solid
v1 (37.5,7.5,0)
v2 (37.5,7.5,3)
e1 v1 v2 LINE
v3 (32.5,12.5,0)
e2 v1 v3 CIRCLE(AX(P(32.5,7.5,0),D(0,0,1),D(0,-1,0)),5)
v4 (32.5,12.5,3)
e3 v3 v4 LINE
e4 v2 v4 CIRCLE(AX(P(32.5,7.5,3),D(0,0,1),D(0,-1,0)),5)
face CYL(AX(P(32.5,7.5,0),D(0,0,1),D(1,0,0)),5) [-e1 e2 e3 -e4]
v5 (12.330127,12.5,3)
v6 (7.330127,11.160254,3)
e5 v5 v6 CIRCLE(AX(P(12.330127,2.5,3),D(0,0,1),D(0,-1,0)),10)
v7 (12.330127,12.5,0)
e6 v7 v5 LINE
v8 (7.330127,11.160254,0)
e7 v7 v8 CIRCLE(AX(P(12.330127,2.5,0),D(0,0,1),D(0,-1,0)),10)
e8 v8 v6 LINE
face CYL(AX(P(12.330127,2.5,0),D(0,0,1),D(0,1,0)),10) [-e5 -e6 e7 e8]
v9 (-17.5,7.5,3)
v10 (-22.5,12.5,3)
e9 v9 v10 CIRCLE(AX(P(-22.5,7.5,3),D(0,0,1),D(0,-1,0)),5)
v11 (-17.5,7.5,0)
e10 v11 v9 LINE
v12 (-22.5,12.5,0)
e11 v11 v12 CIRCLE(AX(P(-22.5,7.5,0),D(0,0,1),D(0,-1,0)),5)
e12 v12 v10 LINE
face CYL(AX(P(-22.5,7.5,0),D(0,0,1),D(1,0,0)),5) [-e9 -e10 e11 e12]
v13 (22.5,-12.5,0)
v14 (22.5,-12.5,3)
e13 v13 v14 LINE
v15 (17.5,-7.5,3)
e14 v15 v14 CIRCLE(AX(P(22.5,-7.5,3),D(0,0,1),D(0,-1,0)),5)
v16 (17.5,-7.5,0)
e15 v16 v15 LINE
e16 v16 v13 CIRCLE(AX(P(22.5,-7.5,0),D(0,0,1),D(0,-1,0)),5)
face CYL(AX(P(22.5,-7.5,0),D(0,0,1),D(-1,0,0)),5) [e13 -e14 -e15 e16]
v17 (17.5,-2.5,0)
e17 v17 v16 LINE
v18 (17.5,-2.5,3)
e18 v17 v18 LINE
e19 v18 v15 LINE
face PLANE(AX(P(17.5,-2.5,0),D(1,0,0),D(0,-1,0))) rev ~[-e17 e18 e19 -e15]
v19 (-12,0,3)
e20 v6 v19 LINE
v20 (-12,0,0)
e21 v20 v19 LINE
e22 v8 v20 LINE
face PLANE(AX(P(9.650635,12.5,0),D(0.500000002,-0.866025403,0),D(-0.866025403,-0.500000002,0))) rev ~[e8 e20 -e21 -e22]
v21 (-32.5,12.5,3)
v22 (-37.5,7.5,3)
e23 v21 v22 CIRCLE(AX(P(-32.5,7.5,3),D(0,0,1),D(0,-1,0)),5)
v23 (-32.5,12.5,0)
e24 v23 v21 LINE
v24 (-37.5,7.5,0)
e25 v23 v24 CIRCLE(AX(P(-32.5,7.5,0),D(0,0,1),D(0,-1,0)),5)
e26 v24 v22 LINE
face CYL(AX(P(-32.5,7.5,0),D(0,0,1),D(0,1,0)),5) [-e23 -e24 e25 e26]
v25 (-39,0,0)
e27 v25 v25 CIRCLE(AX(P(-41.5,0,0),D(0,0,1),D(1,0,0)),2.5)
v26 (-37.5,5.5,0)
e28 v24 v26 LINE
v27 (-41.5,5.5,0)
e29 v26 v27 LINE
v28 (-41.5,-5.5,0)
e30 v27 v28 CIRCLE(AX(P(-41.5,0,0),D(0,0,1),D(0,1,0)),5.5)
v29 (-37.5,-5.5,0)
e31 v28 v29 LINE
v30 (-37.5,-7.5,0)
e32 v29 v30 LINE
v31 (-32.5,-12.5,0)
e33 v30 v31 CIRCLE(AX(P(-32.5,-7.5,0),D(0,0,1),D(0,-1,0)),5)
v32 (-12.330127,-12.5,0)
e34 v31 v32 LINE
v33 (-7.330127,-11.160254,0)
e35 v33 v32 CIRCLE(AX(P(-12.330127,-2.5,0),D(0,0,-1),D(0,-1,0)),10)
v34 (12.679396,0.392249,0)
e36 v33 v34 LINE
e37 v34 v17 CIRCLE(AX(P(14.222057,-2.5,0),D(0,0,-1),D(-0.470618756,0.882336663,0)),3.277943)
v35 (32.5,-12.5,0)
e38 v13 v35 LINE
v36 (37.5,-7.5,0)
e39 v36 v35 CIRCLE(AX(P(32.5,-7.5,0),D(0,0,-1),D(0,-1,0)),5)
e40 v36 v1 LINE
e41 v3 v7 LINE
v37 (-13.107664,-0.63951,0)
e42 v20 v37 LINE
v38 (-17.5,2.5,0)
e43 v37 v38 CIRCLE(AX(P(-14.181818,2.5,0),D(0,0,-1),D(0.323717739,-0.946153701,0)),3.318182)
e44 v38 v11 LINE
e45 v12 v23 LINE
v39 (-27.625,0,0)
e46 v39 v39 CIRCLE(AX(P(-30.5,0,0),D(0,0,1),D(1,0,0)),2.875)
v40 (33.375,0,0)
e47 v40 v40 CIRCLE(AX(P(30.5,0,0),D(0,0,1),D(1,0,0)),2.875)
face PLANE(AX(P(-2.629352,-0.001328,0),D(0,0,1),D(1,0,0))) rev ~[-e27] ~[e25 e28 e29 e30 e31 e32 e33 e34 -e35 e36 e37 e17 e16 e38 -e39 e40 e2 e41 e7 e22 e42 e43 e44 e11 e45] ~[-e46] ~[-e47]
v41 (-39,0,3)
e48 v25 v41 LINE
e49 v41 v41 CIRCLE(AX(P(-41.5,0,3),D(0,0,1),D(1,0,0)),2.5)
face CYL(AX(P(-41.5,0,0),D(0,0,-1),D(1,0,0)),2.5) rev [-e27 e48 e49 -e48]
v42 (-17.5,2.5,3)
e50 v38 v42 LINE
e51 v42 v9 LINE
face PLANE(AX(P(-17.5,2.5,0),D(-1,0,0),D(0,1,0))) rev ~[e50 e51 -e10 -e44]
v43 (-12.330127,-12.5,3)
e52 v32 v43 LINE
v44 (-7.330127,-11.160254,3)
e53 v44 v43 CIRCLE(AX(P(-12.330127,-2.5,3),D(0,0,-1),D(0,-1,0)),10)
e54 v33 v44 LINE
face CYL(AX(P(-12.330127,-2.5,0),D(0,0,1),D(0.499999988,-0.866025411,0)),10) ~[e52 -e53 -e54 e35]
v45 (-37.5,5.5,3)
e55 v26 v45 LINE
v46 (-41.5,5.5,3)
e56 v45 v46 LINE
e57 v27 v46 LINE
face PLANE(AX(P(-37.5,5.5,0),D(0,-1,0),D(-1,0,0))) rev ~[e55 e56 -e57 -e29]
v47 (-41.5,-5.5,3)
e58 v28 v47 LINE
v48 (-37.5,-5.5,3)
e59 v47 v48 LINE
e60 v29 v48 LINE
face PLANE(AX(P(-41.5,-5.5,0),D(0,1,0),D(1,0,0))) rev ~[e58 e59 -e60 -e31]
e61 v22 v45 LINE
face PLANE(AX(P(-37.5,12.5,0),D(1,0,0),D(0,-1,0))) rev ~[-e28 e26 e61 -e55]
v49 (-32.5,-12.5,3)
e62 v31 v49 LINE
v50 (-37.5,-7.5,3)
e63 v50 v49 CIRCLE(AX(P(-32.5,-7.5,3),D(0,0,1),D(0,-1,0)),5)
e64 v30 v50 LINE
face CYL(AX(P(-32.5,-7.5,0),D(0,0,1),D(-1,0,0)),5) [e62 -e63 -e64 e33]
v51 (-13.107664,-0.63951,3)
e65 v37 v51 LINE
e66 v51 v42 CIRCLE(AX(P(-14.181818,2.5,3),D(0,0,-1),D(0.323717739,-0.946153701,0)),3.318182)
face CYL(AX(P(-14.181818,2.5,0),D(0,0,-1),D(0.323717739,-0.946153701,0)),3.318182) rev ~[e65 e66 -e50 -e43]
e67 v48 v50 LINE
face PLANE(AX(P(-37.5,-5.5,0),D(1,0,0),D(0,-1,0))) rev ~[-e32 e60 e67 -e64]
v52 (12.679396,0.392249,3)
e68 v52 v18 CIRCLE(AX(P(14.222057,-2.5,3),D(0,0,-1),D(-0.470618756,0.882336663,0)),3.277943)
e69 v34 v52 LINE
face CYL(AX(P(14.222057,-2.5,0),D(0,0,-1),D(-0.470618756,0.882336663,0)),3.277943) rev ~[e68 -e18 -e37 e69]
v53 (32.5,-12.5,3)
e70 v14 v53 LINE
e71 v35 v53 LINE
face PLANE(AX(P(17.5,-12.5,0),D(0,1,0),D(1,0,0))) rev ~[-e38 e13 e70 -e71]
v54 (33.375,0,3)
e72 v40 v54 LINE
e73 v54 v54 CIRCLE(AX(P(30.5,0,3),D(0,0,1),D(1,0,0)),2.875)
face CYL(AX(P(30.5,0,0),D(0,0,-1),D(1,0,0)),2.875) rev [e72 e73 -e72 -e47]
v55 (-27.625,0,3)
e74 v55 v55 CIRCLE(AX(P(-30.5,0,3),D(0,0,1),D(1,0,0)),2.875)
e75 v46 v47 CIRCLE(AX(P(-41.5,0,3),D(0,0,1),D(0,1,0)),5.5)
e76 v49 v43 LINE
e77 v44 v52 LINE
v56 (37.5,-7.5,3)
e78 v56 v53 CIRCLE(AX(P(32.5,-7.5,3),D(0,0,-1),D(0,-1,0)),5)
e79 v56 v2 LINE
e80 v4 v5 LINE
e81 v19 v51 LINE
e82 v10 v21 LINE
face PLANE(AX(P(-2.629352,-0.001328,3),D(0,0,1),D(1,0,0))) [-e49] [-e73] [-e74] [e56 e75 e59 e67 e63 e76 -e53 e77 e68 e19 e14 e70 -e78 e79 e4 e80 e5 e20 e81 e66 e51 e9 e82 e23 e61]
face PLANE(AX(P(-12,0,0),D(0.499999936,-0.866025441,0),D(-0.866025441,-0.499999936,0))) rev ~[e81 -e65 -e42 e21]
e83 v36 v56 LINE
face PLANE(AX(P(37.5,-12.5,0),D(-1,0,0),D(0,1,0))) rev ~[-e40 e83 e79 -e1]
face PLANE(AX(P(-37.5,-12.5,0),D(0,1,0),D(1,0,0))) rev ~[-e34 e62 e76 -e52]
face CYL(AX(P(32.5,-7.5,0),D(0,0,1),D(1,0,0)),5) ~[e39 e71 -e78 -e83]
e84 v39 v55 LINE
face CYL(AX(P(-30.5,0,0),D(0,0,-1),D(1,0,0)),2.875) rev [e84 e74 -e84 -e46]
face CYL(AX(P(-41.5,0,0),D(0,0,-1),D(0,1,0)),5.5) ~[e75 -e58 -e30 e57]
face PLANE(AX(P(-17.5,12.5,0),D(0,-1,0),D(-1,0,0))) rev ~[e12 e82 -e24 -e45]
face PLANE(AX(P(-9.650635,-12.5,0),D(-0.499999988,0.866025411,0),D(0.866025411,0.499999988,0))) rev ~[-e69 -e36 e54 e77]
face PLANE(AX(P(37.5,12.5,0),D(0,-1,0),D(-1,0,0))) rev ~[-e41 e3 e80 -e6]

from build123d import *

# Parameters (mm, degrees)
F0_R     = 2.5
F0_R_2   = 2.875
F1_DEPTH = 3
F2_R     = 5
F3_R     = 10


with BuildPart() as f1:
    # F0 (on Top) → F1 (new body)
    with BuildSketch(Plane.XY):
        with BuildLine():
            Line((37.5, -12.5), (37.5, 12.5))
            Line((37.5, 12.5), (9.650635, 12.5))
            Line((9.650635, 12.5), (-12, 0))
            ThreePointArc((-12, 0), (-12.522727, -0.37363), (-13.107664, -0.63951))
            ThreePointArc((-13.107664, -0.63951), (-16.111338, -0.199497), (-17.5, 2.5))
            Line((-17.5, 2.5), (-17.5, 12.5))
            Line((-17.5, 12.5), (-37.5, 12.5))
            Line((-37.5, 12.5), (-37.5, 5.5))
            Line((-37.5, 5.5), (-41.5, 5.5))
            ThreePointArc((-41.5, 5.5), (-47, 0), (-41.5, -5.5))
            Line((-41.5, -5.5), (-37.5, -5.5))
            Line((-37.5, -5.5), (-37.5, -12.5))
            Line((-37.5, -12.5), (-9.650635, -12.5))
            Line((-9.650635, -12.5), (12.679396, 0.392249))
            ThreePointArc((12.679396, 0.392249), (15.908496, 0.310842), (17.5, -2.5))
            Line((17.5, -2.5), (17.5, -12.5))
            Line((17.5, -12.5), (37.5, -12.5))
        make_face()
        with Locations((-41.5, 0)):
            Circle(F0_R, mode=Mode.SUBTRACT)
        with Locations((-30.5, 0)):
            Circle(F0_R_2, mode=Mode.SUBTRACT)
        with Locations((30.5, 0)):
            Circle(F0_R_2, mode=Mode.SUBTRACT)
        with BuildLine():
            ThreePointArc((-13.107664, -0.63951), (-12.522727, -0.37363), (-12, 0))
            Line((-12, 0), (-13.107664, -0.63951))
        make_face()
    extrude(amount=F1_DEPTH)

    # F2
    f2_edges = [f1.edges().sort_by_distance(p)[0] for p in [
        (-17.5, 12.5, 1.5),
        (17.5, -12.5, 1.5),
        (37.5, -12.5, 1.5),
        (37.5, 12.5, 1.5),
        (-37.5, -12.5, 1.5),
        (-37.5, 12.5, 1.5),
    ]]
    fillet(f2_edges, radius=F2_R)

    # F3
    f3_edges = [f1.edges().sort_by_distance(p)[0] for p in [
        (-9.650635, -12.5, 1.5),
        (9.650635, 12.5, 1.5),
    ]]
    fillet(f3_edges, radius=F3_R)


solid = f1.part
